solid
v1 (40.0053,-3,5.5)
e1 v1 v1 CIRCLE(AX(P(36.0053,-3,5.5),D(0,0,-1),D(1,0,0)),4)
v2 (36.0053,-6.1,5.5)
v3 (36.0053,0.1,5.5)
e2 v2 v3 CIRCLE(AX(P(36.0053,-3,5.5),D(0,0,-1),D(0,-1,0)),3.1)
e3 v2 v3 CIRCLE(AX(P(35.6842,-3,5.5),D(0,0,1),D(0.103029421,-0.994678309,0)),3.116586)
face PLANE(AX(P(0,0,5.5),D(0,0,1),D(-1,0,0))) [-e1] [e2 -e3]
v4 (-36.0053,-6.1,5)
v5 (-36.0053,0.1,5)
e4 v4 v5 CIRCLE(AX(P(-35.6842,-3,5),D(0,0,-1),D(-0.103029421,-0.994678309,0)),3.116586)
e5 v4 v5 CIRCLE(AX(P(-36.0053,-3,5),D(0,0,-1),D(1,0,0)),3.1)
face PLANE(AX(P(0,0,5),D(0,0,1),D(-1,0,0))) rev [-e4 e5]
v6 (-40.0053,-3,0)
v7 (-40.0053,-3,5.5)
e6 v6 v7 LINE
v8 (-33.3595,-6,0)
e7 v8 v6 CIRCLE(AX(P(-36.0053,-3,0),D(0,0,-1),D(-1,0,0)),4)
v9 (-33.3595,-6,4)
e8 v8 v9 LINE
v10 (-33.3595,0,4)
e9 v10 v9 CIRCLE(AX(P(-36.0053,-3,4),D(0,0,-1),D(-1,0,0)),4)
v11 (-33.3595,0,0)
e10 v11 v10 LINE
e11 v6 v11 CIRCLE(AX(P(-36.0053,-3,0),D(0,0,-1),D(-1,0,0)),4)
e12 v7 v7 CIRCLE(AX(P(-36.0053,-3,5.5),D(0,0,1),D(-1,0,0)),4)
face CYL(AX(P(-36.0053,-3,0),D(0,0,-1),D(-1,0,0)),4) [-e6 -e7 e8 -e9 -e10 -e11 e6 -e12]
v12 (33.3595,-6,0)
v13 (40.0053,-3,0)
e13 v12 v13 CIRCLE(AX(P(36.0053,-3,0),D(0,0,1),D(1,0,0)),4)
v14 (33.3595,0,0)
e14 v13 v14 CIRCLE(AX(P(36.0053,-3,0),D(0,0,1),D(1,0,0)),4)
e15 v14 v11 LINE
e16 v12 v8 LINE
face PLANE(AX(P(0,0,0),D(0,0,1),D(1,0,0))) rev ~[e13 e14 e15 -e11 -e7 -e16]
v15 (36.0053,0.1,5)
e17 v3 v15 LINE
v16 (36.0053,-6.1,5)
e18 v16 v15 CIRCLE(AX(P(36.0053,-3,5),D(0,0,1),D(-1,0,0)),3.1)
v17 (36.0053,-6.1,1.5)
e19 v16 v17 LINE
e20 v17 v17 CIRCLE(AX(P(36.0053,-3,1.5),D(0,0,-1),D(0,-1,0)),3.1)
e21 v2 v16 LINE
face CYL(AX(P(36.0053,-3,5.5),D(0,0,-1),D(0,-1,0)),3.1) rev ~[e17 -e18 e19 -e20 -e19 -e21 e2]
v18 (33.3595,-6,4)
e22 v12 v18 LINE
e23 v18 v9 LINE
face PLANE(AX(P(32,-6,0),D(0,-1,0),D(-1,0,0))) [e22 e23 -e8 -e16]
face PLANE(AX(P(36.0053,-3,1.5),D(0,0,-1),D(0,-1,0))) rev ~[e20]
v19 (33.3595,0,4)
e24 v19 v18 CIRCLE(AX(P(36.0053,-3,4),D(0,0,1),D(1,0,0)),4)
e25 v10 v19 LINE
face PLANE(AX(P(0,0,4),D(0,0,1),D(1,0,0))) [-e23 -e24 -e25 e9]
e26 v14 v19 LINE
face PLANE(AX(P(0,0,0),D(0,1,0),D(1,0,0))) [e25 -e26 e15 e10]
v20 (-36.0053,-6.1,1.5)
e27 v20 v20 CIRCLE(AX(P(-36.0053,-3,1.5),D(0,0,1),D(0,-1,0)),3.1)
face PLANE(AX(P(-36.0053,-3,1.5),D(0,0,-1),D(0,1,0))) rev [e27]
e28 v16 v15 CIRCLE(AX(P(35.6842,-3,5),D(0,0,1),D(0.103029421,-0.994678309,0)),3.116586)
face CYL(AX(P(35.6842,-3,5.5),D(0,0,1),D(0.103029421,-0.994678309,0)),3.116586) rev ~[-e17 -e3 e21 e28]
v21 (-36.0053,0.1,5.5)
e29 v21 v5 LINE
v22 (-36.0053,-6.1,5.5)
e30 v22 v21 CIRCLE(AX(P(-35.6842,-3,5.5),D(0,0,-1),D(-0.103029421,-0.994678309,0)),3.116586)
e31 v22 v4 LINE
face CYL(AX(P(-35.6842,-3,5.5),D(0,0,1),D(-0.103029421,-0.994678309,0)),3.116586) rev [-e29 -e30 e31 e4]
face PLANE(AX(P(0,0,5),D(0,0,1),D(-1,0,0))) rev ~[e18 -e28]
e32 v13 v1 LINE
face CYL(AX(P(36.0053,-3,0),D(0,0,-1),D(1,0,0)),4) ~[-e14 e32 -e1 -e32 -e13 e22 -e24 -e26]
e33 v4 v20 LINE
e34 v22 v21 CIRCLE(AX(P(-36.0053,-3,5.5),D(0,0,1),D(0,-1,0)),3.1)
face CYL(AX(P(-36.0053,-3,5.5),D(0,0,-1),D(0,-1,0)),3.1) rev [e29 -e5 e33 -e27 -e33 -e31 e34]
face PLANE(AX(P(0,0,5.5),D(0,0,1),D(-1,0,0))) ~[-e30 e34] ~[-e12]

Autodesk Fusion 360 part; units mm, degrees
sketch "Sketch1" plane through (0, 0, 0) normal (0, 0, 1) x (1, 0, 0)
  line L0 (0, 0) -> (32, 0)
  line L1 (32, 0) -> (32, -6)
  line L2 (32, -6) -> (0, -6)
  line L3 (0, -6) -> (0, 0)
  circle A0 centre (36.0053, -3) radius 4
  line L4 (32, 0) -> (33.3595, 0)
  line L5 (32, -6) -> (33.3595, -6)
  dimension "d1" = 32
  dimension "d2" = 6
  dimension "d3" = 8
extrude "Extrude1" add sketch "Sketch1" along normal blind 4 contours L0 L1 L2 L3 | L1 A0 L4 L5
extrude "Extrude2" add sketch "Sketch1" along normal blind 5.5 contours A0
hole "Hole1" at (36.0053, -3, 5.5) direction (0, 0, -1) diameter 6.2 depth 4 tip angle 180
sketch "Sketch2" plane through (0, 0, 5.5) normal (0, 0, 1) x (-1, 0, 0)
  circle A0 centre (-36.0053, 3) radius 3.1
  circle A1 centre (-36.0053, 3) radius 4
  arc A2 (-36.0053, 6.1) -> (-36.0053, -0.1) centre (-35.6842, 3) ccw
extrude "Extrude3" add sketch "Sketch2" against normal blind 0.5 contours A0 A2 picked at (-38.8883, 3.2291)
mirror "Mirror1" about plane through (0, -6, 0) normal (-1, 0, 0) of bodies 1 merged
